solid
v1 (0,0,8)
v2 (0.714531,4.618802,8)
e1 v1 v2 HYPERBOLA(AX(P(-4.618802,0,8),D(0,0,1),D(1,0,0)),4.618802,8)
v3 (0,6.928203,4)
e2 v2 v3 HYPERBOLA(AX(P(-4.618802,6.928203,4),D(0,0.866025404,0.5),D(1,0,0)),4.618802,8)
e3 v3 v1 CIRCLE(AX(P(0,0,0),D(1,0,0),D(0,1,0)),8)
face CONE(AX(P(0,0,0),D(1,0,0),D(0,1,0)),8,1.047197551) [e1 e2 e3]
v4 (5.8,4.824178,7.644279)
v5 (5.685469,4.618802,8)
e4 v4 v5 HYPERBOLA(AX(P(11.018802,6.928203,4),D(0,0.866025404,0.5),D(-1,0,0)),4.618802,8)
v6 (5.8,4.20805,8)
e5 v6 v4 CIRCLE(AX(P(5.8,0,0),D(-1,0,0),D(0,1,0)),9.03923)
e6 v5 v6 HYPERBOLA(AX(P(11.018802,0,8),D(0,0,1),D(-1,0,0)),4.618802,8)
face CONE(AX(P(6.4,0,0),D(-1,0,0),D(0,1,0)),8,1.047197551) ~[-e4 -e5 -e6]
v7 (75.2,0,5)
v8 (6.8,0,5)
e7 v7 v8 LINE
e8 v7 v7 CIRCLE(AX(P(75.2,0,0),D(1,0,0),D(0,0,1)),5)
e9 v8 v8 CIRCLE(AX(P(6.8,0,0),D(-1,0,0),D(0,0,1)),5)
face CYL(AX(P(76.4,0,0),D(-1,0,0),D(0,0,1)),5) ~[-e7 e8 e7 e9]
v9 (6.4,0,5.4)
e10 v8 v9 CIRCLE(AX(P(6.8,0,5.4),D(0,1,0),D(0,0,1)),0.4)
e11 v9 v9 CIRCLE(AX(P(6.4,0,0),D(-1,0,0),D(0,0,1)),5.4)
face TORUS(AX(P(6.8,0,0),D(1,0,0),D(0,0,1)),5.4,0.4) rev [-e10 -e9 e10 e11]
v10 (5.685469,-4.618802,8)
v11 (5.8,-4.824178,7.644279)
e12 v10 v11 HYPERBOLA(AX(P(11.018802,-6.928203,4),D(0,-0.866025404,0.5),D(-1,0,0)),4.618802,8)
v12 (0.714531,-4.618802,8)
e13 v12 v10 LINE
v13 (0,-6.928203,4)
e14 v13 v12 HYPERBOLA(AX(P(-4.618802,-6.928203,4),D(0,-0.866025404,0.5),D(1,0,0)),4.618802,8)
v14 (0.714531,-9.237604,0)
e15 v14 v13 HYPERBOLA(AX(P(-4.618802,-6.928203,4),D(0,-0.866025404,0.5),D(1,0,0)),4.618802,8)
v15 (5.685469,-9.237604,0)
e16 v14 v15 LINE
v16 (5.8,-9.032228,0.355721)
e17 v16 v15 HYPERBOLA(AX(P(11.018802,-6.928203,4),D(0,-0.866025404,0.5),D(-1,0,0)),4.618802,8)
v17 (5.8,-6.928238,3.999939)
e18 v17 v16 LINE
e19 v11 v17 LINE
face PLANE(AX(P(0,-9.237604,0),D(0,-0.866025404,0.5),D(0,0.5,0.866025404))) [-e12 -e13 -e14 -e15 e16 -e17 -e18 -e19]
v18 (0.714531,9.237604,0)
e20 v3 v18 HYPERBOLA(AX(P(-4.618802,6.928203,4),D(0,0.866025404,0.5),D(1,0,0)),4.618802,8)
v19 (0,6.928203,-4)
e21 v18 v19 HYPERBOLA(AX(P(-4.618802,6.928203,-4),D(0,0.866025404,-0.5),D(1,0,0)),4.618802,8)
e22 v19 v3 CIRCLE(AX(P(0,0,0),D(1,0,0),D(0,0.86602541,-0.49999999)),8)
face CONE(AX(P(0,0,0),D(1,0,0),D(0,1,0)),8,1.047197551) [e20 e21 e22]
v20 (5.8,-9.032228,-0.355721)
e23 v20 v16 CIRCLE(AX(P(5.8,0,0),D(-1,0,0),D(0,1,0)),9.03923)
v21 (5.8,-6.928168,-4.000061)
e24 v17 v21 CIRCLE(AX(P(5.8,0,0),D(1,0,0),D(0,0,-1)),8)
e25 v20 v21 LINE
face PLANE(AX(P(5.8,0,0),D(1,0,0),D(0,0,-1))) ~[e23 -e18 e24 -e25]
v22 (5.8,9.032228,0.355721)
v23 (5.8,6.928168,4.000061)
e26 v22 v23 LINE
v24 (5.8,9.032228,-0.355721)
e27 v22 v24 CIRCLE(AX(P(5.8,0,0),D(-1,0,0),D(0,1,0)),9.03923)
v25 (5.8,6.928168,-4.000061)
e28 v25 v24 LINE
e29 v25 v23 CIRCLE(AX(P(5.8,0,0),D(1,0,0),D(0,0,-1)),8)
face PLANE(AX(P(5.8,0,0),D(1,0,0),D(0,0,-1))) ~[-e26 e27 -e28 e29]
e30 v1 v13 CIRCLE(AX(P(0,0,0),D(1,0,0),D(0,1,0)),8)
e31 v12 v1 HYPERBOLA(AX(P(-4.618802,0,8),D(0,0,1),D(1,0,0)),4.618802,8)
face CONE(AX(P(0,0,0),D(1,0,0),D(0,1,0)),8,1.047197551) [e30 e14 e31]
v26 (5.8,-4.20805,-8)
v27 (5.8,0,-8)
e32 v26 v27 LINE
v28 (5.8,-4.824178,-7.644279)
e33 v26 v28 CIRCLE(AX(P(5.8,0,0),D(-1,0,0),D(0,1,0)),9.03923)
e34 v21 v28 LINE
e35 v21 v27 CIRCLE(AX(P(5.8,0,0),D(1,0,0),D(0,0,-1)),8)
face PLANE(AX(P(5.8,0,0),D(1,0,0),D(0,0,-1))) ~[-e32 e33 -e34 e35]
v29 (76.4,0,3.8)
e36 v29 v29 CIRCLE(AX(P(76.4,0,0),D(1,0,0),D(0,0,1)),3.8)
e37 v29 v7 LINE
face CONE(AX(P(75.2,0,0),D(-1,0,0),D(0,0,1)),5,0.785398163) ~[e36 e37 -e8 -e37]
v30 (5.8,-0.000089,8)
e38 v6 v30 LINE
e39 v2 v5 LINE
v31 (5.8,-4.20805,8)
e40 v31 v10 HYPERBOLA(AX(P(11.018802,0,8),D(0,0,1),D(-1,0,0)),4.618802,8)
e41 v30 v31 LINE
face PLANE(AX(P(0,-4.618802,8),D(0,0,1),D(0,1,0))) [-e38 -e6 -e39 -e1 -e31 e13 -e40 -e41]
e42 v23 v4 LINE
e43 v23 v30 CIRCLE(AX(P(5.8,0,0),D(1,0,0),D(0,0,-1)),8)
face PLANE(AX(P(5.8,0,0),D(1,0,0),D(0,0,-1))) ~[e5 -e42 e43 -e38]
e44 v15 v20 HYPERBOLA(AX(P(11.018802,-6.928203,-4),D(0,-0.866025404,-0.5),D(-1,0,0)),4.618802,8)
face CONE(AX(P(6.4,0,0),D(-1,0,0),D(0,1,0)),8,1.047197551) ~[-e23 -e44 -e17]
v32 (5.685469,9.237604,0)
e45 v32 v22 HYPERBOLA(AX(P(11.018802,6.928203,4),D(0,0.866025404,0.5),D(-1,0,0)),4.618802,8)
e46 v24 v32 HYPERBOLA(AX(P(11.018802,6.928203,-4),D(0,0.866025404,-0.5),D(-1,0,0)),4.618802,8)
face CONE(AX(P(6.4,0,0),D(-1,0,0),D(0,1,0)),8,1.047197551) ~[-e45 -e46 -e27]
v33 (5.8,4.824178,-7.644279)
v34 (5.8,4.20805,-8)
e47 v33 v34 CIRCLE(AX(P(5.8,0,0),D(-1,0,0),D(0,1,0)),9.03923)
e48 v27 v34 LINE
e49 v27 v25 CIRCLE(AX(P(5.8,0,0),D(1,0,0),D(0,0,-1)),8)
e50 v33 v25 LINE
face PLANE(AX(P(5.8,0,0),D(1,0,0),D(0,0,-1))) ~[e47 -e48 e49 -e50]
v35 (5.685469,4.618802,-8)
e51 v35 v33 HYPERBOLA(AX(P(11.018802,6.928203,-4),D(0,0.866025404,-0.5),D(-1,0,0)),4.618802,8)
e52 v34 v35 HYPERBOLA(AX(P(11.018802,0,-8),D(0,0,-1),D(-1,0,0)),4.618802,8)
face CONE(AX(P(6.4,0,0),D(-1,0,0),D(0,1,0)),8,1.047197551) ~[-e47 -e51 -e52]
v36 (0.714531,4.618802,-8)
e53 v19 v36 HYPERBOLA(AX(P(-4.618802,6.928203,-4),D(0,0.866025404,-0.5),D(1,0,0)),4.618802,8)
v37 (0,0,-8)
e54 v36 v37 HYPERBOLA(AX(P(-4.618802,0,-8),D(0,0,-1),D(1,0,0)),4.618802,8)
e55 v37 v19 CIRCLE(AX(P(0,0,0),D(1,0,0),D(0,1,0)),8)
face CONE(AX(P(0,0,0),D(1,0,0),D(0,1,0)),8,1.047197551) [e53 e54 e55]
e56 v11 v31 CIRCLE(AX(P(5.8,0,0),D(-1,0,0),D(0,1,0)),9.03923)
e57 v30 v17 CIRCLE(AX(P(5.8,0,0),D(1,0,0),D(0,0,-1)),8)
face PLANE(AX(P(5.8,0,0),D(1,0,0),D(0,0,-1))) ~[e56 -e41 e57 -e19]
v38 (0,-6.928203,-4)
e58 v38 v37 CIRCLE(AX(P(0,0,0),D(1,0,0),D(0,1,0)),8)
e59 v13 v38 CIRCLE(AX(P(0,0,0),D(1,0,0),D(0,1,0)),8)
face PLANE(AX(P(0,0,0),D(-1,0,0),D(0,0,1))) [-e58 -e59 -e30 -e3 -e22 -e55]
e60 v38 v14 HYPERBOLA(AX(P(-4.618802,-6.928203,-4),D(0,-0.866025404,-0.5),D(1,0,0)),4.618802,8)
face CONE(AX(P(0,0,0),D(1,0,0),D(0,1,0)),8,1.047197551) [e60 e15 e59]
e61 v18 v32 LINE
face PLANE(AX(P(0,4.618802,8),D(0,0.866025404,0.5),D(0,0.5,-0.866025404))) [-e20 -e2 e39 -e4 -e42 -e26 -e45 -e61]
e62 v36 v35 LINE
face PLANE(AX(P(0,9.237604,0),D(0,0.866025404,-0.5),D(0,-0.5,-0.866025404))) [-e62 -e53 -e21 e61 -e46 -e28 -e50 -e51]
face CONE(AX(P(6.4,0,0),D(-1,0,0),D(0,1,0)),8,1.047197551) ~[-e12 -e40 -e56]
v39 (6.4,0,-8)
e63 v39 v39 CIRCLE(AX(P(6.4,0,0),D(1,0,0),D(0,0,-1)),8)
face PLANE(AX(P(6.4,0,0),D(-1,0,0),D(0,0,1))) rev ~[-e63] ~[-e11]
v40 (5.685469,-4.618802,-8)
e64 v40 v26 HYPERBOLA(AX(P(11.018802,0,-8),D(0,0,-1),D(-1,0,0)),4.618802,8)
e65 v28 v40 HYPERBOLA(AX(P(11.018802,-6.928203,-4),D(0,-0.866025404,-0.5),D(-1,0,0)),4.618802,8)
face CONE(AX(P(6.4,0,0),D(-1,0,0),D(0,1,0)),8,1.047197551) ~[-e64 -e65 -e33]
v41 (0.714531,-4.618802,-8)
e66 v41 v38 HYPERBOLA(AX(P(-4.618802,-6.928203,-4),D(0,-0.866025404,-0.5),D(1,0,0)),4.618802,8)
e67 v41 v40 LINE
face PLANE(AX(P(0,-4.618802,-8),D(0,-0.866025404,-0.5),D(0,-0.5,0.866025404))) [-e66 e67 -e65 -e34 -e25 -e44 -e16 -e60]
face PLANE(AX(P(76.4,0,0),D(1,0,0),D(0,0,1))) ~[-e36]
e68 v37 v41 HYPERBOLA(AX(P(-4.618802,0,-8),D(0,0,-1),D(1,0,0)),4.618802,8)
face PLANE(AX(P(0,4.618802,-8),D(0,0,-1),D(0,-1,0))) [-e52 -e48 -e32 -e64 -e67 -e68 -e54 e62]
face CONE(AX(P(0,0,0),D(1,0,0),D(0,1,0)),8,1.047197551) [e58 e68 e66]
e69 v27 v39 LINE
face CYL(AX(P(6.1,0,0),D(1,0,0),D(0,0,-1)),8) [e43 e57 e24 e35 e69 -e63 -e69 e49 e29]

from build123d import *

# Parameters (mm, degrees)
EXTRUDE_370_DEPTH = 6.4
SKETCH_4_W        = 0.6
SKETCH_4_H        = 11.237604307
CHAMFER_2030_SIZE = 1.2
FILLET_2072_R     = 0.4


with BuildPart() as part:
    # 草图1 → Extrude 370 (new body)
    with BuildSketch(Plane(origin=(0, 0, 0), x_dir=(0, 0, -1), z_dir=(1, 0, 0))):
        Polygon((8, 4.618802154), (8, -4.618802154), (0, -9.237604307), (-8, -4.618802154), (-8, 4.618802154), (0, 9.237604307), align=None)
    extrude(amount=EXTRUDE_370_DEPTH)

    # 草图2 → 凸台-旋转1 (revolve)
    with BuildSketch(Plane.XY, mode=Mode.PRIVATE) as revolve_1_sk:
        Polygon((0, 0), (76.4, 0), (76.4, 3.701), (76.4, 5), (27.8072, 5), (0, 5), align=None)
    revolve(revolve_1_sk.sketch.rotate(Axis((0, 0, 0), (1, 0, 0)), 90), axis=Axis((0, 0, 0), (1, 0, 0)))

    # 草图3 → 切除-旋转1 (revolve, cut)
    with BuildSketch(Plane.XY):
        Polygon((0, 8), (3.601282526, 14.237604307), (3.601282526, 19.237604307), (-10, 19.237604307), (-10, 8), align=None)
    revolve(axis=Axis((0, 0, 0), (1, 0, 0)), mode=Mode.SUBTRACT)

    # 草图5 → 切除-旋转2 (revolve, cut)
    with BuildSketch(Plane.XY):
        Polygon((6.4, 8), (2.798717474, 14.237604307), (2.798717474, 19.237604307), (12.798717474, 19.237604307), (12.798717474, 8), align=None)
    revolve(axis=Axis((0, 0, 0), (1, 0, 0)), mode=Mode.SUBTRACT)

    # 草图4 → 切除-旋转3 (revolve, cut)
    with BuildSketch(Plane.XY, mode=Mode.PRIVATE) as cut_revolve_3_sk:
        with Locations((6.1, 13.618802154)):
            Rectangle(SKETCH_4_W, SKETCH_4_H)
    revolve(cut_revolve_3_sk.sketch.rotate(Axis((0, 0, 0), (1, 0, 0)), 270), axis=Axis((0, 0, 0), (1, 0, 0)), mode=Mode.SUBTRACT)

    # Chamfer 2030
    chamfer_2030_edges = [part.edges().sort_by_distance(p)[0] for p in [
        (76.4, 0, -5),
    ]]
    chamfer(chamfer_2030_edges, length=CHAMFER_2030_SIZE)

    # Fillet 2072
    fillet_2072_edges = [part.edges().sort_by_distance(p)[0] for p in [
        (6.4, 0, -5),
    ]]
    fillet(fillet_2072_edges, radius=FILLET_2072_R)


solid = part.part
